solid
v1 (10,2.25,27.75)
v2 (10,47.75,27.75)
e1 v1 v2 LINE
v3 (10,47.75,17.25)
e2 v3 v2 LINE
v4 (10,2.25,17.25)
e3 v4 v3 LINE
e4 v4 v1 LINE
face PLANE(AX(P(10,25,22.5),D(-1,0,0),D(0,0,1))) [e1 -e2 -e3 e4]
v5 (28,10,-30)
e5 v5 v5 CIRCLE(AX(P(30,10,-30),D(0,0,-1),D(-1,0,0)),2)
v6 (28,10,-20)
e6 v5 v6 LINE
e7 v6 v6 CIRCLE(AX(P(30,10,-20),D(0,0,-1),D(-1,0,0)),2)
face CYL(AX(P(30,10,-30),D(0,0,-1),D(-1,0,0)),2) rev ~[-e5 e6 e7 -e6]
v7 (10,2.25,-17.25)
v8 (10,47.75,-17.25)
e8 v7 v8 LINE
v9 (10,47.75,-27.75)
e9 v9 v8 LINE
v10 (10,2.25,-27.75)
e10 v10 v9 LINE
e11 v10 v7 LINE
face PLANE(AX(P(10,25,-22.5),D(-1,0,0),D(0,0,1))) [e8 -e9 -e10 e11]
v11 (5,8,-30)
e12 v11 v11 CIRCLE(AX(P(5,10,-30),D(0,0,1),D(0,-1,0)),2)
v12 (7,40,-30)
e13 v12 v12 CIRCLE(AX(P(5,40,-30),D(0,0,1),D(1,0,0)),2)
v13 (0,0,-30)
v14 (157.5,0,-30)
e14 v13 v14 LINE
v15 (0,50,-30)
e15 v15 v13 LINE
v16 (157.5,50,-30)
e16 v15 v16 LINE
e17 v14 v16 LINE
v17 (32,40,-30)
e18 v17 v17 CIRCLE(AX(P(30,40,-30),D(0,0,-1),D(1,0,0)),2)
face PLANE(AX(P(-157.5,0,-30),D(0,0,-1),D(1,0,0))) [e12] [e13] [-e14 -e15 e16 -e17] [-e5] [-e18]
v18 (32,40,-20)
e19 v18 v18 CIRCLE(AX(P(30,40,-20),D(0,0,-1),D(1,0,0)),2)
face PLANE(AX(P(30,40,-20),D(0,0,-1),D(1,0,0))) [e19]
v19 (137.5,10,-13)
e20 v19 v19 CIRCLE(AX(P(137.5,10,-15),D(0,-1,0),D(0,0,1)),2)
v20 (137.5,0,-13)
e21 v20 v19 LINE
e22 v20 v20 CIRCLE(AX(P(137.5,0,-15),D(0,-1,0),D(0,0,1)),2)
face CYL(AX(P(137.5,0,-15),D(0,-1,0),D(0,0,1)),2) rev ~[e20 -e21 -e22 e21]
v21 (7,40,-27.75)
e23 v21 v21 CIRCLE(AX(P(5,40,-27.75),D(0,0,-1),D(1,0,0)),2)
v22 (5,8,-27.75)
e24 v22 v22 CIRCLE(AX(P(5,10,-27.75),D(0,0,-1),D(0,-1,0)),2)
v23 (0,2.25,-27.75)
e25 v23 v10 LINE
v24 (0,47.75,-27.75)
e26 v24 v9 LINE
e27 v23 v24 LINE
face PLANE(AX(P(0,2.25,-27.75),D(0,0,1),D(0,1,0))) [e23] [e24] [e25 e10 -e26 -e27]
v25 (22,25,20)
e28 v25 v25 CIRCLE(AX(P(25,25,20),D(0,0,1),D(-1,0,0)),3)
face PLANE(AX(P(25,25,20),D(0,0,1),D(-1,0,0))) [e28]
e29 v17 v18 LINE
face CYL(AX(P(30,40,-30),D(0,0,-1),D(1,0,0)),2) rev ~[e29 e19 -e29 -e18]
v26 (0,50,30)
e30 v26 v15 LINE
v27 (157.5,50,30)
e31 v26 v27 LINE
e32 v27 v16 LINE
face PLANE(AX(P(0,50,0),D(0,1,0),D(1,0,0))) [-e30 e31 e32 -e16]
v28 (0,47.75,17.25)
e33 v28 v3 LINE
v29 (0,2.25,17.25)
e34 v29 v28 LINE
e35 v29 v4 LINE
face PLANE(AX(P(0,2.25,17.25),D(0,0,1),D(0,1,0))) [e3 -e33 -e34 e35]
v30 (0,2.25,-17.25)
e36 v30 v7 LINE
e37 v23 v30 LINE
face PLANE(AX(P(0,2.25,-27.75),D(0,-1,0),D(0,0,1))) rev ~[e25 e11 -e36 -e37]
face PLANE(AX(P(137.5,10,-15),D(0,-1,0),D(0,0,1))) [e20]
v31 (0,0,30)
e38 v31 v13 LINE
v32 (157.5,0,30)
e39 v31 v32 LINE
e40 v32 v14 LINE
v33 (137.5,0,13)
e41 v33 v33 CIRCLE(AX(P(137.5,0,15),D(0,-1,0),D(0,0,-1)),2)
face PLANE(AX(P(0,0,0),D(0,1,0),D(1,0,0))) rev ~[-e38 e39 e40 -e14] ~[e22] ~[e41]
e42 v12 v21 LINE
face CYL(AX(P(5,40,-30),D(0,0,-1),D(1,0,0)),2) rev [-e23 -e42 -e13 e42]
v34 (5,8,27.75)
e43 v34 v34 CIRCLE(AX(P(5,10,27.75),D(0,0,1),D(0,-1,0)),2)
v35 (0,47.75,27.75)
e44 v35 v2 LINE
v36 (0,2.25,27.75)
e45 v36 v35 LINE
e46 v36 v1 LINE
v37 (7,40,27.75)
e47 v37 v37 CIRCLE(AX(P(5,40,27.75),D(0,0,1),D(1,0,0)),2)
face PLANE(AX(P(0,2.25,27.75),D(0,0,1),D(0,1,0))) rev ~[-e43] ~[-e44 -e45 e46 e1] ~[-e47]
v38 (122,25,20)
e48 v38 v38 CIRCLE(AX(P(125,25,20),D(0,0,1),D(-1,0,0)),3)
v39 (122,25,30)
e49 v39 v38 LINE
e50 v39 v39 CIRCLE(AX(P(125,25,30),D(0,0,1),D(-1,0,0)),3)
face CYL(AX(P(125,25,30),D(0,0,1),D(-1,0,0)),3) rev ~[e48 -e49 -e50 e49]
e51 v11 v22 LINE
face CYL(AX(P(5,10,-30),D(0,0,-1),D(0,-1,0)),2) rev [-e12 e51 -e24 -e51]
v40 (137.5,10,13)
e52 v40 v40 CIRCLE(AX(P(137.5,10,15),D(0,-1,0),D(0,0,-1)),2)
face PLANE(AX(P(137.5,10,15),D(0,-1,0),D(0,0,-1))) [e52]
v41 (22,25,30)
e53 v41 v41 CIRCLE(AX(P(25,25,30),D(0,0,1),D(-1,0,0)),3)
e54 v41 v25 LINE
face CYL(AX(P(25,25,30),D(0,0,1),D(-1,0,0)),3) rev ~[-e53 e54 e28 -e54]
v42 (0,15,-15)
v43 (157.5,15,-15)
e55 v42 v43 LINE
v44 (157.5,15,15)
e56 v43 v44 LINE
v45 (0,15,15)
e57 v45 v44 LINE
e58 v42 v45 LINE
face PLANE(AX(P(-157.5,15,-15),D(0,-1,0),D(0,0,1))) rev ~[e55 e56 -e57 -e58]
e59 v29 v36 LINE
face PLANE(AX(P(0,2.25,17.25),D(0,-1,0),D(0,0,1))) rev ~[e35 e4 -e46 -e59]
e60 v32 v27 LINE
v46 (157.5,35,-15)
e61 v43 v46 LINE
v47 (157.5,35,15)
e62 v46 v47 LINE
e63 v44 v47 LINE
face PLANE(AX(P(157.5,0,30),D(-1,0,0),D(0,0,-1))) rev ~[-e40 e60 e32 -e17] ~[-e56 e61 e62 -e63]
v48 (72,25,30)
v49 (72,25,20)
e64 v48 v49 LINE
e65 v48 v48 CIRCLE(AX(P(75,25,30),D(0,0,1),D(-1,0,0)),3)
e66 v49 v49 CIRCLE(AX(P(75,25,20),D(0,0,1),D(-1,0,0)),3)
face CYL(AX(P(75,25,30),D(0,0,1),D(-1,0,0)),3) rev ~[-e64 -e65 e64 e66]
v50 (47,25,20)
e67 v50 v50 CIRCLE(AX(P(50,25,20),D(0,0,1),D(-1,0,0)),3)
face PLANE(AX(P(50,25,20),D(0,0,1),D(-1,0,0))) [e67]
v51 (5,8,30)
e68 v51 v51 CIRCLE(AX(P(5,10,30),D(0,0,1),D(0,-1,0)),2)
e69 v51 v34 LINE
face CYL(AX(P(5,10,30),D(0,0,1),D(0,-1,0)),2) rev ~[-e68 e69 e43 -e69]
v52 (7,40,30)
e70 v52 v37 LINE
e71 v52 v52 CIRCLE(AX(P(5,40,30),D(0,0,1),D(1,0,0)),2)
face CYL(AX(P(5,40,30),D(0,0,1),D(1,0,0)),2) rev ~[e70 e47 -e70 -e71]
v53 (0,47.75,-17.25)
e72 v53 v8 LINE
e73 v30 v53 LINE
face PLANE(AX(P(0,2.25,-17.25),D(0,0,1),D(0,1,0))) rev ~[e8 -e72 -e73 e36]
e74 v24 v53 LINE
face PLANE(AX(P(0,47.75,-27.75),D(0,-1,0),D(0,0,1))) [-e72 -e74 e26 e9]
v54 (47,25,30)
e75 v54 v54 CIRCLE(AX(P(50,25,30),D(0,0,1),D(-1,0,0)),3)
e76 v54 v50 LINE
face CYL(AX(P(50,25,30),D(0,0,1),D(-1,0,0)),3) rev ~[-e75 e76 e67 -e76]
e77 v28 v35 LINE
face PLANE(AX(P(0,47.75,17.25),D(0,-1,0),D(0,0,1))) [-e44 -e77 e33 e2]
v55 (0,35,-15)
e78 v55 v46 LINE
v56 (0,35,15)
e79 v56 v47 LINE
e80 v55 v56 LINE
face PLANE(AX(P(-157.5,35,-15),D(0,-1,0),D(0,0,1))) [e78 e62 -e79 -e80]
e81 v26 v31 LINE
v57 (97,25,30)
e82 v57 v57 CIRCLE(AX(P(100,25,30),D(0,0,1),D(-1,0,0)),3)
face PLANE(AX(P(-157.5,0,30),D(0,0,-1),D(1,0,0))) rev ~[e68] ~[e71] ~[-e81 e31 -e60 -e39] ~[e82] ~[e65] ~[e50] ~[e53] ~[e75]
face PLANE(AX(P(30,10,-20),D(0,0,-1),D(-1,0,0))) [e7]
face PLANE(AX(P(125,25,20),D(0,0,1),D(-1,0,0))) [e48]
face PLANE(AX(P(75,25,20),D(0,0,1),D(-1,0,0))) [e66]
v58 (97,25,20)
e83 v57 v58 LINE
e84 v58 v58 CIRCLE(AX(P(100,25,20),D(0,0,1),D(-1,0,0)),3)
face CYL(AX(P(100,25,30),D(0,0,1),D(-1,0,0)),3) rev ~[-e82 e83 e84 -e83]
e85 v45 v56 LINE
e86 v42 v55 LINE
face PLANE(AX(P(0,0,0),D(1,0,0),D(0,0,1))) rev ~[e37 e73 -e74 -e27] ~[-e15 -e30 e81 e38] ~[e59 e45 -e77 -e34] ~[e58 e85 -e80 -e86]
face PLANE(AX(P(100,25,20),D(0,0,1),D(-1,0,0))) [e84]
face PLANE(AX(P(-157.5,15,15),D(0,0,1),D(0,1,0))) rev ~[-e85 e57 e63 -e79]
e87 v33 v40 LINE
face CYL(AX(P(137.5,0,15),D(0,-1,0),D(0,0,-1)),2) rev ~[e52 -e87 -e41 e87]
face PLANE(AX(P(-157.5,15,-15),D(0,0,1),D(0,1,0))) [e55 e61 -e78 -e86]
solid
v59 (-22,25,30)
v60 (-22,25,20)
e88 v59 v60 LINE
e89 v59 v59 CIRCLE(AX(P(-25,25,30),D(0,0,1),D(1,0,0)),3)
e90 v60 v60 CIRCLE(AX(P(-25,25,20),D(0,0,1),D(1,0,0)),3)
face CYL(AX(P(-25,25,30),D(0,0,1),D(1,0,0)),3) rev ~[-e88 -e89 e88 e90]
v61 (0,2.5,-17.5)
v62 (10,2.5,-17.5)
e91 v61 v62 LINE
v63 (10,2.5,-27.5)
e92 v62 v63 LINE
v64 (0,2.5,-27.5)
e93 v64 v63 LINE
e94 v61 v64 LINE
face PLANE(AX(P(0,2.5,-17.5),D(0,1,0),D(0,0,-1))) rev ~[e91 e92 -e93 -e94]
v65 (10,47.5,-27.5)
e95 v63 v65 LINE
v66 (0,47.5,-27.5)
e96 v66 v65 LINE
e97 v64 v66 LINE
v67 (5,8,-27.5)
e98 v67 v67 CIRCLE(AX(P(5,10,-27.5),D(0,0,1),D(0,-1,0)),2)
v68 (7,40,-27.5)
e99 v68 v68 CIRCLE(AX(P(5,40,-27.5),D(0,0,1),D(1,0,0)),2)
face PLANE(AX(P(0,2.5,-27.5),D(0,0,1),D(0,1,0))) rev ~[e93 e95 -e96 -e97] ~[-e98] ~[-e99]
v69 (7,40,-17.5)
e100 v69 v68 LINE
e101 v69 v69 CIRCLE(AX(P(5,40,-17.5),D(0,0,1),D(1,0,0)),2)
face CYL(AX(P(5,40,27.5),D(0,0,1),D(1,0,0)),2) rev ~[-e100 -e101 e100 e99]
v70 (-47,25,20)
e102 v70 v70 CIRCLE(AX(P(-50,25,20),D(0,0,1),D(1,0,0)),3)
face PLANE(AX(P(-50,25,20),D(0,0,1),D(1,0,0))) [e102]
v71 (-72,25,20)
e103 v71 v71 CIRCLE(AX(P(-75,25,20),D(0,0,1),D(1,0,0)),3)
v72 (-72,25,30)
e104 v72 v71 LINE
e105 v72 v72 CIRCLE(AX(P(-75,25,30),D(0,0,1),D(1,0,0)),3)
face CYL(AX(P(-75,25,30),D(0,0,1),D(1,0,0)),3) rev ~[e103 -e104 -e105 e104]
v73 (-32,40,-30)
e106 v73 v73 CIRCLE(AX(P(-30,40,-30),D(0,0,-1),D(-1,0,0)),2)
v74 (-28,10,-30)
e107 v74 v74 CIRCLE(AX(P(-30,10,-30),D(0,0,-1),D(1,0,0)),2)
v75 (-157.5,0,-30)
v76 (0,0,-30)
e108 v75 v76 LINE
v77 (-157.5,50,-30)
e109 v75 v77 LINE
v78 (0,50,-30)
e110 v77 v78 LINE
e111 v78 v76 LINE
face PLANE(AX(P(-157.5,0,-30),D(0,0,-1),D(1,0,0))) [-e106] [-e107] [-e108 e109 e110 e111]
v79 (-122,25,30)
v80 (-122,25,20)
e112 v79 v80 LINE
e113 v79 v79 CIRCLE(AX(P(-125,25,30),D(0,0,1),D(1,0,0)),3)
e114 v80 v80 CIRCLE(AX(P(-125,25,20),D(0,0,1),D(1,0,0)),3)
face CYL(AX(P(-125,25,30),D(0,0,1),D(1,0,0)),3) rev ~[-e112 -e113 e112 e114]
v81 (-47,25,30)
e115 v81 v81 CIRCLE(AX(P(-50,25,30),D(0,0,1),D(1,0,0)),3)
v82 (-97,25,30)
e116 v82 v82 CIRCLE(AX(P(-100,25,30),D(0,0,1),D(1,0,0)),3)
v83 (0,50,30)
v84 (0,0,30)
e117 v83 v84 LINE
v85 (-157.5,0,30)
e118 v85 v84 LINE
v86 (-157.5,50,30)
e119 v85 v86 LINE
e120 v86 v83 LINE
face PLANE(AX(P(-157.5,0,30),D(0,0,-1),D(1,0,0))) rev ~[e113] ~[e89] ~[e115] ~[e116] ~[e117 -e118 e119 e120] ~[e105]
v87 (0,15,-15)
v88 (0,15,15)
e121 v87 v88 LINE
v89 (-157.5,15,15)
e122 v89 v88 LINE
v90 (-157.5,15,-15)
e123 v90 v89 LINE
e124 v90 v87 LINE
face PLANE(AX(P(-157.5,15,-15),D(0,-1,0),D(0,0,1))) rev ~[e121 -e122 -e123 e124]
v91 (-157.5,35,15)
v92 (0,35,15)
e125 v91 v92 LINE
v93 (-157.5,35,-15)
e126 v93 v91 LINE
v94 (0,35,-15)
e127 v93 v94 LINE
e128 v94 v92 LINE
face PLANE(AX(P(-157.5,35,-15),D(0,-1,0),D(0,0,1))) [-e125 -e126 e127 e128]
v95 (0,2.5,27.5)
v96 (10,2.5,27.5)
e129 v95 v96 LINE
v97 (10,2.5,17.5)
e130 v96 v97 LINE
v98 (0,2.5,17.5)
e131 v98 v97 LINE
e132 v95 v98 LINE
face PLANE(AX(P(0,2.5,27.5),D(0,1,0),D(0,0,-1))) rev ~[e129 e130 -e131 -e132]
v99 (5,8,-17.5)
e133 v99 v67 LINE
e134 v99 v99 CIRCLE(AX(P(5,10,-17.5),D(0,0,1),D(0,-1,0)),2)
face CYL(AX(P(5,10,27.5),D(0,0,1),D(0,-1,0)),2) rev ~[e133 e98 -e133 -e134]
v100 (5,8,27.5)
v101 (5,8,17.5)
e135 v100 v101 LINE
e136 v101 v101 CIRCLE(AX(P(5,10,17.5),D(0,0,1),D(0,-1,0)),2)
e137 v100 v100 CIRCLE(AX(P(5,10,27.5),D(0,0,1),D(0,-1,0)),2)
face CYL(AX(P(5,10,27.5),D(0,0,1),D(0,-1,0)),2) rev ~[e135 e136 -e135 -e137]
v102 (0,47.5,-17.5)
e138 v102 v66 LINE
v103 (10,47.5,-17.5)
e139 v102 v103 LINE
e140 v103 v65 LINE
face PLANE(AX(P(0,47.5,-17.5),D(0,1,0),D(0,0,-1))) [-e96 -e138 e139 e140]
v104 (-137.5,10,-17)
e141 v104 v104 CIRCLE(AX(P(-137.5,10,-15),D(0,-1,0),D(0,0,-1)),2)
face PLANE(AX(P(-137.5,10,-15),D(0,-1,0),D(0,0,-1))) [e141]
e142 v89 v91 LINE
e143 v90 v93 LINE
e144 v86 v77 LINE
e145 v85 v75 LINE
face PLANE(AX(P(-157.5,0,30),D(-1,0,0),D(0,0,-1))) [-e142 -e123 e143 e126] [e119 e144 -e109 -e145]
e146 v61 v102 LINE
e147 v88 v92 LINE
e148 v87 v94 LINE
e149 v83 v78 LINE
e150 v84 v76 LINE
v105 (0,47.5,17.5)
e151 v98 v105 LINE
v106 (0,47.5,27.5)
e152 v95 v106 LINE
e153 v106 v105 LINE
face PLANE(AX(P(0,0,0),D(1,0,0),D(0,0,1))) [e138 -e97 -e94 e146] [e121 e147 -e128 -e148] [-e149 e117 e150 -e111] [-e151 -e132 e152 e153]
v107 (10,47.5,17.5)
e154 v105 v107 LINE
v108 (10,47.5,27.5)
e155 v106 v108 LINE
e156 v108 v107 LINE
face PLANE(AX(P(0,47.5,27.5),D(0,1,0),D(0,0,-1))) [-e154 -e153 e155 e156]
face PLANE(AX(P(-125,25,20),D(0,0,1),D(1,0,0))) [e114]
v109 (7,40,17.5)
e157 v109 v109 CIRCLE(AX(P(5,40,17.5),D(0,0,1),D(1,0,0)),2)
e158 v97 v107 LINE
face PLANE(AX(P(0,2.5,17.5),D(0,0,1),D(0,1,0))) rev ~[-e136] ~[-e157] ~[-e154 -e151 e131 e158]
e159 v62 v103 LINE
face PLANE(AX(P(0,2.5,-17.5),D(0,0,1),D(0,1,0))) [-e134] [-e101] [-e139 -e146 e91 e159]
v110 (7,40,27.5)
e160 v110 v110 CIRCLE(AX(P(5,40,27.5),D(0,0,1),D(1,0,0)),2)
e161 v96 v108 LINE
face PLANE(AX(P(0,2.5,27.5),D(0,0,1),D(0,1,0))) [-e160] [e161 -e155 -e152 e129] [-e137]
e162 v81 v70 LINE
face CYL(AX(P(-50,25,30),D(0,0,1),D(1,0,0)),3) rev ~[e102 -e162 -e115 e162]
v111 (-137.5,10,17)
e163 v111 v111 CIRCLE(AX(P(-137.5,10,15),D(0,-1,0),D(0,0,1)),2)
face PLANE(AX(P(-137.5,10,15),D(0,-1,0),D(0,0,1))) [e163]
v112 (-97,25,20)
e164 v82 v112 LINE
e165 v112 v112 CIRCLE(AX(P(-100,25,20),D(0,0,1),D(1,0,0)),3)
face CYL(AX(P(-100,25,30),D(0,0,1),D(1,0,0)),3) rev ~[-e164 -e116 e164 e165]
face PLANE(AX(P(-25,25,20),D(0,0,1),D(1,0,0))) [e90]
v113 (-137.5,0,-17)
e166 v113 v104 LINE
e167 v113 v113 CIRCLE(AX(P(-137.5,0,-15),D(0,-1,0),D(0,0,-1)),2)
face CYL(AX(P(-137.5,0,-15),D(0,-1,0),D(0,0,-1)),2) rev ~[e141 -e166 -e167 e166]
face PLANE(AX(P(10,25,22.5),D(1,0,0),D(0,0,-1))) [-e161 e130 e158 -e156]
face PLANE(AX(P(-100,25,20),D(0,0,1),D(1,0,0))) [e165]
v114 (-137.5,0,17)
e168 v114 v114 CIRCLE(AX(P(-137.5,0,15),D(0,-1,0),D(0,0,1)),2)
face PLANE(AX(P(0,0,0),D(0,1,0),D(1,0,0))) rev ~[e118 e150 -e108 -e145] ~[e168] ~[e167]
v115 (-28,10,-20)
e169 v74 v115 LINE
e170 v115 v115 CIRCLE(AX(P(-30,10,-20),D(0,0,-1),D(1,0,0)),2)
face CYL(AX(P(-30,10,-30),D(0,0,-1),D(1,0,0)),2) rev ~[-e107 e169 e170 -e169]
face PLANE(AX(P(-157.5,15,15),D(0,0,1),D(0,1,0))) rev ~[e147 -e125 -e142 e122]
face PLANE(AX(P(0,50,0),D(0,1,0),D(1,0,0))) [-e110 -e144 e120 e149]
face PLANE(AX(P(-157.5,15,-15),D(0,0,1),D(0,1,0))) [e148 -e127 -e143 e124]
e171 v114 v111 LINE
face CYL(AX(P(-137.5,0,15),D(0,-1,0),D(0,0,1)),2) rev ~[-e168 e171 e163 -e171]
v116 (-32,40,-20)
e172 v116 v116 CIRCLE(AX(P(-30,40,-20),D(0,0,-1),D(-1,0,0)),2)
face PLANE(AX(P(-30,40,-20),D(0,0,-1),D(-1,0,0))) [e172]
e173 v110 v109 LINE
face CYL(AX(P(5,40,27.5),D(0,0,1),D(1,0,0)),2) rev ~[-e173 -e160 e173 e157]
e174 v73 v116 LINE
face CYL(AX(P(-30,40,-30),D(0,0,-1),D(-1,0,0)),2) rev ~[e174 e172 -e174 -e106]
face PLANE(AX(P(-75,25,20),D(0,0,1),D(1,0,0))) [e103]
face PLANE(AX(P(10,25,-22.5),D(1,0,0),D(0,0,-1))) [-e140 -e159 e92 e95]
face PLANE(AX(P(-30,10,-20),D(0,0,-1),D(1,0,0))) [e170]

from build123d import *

# Parameters (mm, degrees)
SKETCH1_W           = 315
SKETCH1_H           = 60
BOSS_EXTRUDE1_DEPTH = 50
SKETCH2_W           = 30
SKETCH2_H           = 20
CUT_EXTRUDE1_DEPTH  = 321.351369593
SKETCH3_R           = 3
CUT_EXTRUDE2_DEPTH  = 10
SKETCH4_W           = 10.5
SKETCH4_H           = 45.5
CUT_EXTRUDE3_DEPTH  = 10
SKETCH5_R           = 2
CUT_EXTRUDE4_DEPTH  = 10
SKETCH6_W           = 10
SKETCH6_H           = 45
BOSS_EXTRUDE2_DEPTH = 10
SKETCH8_R           = 2
CUT_EXTRUDE6_DEPTH  = 175.964282069
SKETCH9_R           = 2
CUT_EXTRUDE7_DEPTH  = 10
SKETCH10_R          = 2
CUT_EXTRUDE8_DEPTH  = 10


with BuildPart() as part:
    # Sketch1 → Boss-Extrude1 (new body)
    with BuildSketch(Plane(origin=(0, 0, 0), x_dir=(1, 0, 0), z_dir=(0, 1, 0))):
        Rectangle(SKETCH1_W, SKETCH1_H)
    extrude(amount=BOSS_EXTRUDE1_DEPTH)

    # Sketch2 → Cut-Extrude1 (cut, through all)
    with BuildSketch(Plane.ZY.offset(157.5)):
        with Locations((0, 25)):
            Rectangle(SKETCH2_W, SKETCH2_H)
    extrude(amount=-CUT_EXTRUDE1_DEPTH, mode=Mode.SUBTRACT)

    # Sketch3 → Cut-Extrude2 (cut)
    with BuildSketch(Plane.XY.offset(30)):
        with Locations((-25, 25)):
            Circle(SKETCH3_R)
        with Locations((-50, 25)):
            Circle(SKETCH3_R)
        with Locations((-75, 25)):
            Circle(SKETCH3_R)
        with Locations((-100, 25)):
            Circle(SKETCH3_R)
        with Locations((-125, 25)):
            Circle(SKETCH3_R)
        with Locations(Location((125, 25, 0), (0, 0, 180))):
            Circle(SKETCH3_R)
        with Locations(Location((100, 25, 0), (0, 0, 180))):
            Circle(SKETCH3_R)
        with Locations(Location((75, 25, 0), (0, 0, 180))):
            Circle(SKETCH3_R)
        with Locations(Location((50, 25, 0), (0, 0, 180))):
            Circle(SKETCH3_R)
        with Locations(Location((25, 25, 0), (0, 0, 180))):
            Circle(SKETCH3_R)
    extrude(amount=-CUT_EXTRUDE2_DEPTH, mode=Mode.SUBTRACT)


with BuildPart() as body_2:
    # Split1: the piece on the far side of the plane
    add(part.part)
    split(bisect_by=Plane(origin=(0, 0, 0), x_dir=(0, 0, 1), z_dir=(1, 0, 0)), keep=Keep.BOTTOM)

    # Sketch6 → Boss-Extrude2 (add)
    with BuildSketch(Plane(origin=(0, 0, 0), x_dir=(0, 0, -1), z_dir=(1, 0, 0))):
        with Locations((-22.5, 25)):
            Rectangle(SKETCH6_W, SKETCH6_H)
        with Locations((22.5, 25)):
            Rectangle(SKETCH6_W, SKETCH6_H)
    extrude(amount=BOSS_EXTRUDE2_DEPTH)

    # Sketch8 → Cut-Extrude6 (cut, through all)
    with BuildSketch(Plane.XY.offset(27.5)):
        with Locations((5, 40)):
            Circle(SKETCH8_R)
        with Locations(Location((5, 10, 0), (0, 0, 270))):
            Circle(SKETCH8_R)
    extrude(amount=-CUT_EXTRUDE6_DEPTH, mode=Mode.SUBTRACT)


with BuildPart() as part_1:
    add(part.part)

    # Split1
    split(bisect_by=Plane(origin=(0, 0, 0), x_dir=(0, 0, 1), z_dir=(1, 0, 0)), keep=Keep.TOP)

    # Sketch4 → Cut-Extrude3 (cut)
    with BuildSketch(Plane.ZY):
        with Locations((22.5, 25)):
            Rectangle(SKETCH4_W, SKETCH4_H)
        with Locations((-22.5, 25)):
            Rectangle(SKETCH4_W, SKETCH4_H)
    extrude(amount=-CUT_EXTRUDE3_DEPTH, mode=Mode.SUBTRACT)

    # Sketch5 → Cut-Extrude4 (cut)
    with BuildSketch(Plane.XY.offset(30)):
        with Locations((5, 40)):
            Circle(SKETCH5_R)
        with Locations(Location((5, 10, 0), (0, 0, 270))):
            Circle(SKETCH5_R)
    cut_extrude4 = extrude(amount=-CUT_EXTRUDE4_DEPTH, mode=Mode.SUBTRACT)

    # Mirror1: Cut-Extrude4 across plane
    add(cut_extrude4.mirror(Plane.XY), mode=Mode.SUBTRACT)


with BuildPart() as cut_extrude7_tool:
    # Sketch9 → Cut-Extrude7 (new body)
    with BuildSketch(Plane.XZ):
        with Locations(Location((137.5, 15, 0), (0, 0, 270))):
            Circle(SKETCH9_R)
        with Locations(Location((137.5, -15, 0), (0, 0, 90))):
            Circle(SKETCH9_R)
        with Locations(Location((-137.5, -15, 0), (0, 0, 270))):
            Circle(SKETCH9_R)
        with Locations(Location((-137.5, 15, 0), (0, 0, 90))):
            Circle(SKETCH9_R)
    extrude(amount=-CUT_EXTRUDE7_DEPTH)


with BuildPart() as part_2:
    add(part_1.part)

    # Cut-Extrude7: cut by cut_extrude7_tool
    add(cut_extrude7_tool.part, mode=Mode.SUBTRACT)


with BuildPart() as body_2_1:
    add(body_2.part)

    # Cut-Extrude7: cut by cut_extrude7_tool
    add(cut_extrude7_tool.part, mode=Mode.SUBTRACT)


with BuildPart() as cut_extrude8_tool:
    # Sketch10 → Cut-Extrude8 (new body)
    with BuildSketch(Plane(origin=(0, 0, -30), x_dir=(-1, 0, 0), z_dir=(0, 0, -1))):
        with Locations((30, 40)):
            Circle(SKETCH10_R)
        with Locations(Location((30, 10, 0), (0, 0, 180))):
            Circle(SKETCH10_R)
        with Locations((-30, 10)):
            Circle(SKETCH10_R)
        with Locations(Location((-30, 40, 0), (0, 0, 180))):
            Circle(SKETCH10_R)
    extrude(amount=-CUT_EXTRUDE8_DEPTH)


with BuildPart() as part_3:
    add(part_2.part)

    # Cut-Extrude8: cut by cut_extrude8_tool
    add(cut_extrude8_tool.part, mode=Mode.SUBTRACT)


with BuildPart() as body_2_2:
    add(body_2_1.part)

    # Cut-Extrude8: cut by cut_extrude8_tool
    add(cut_extrude8_tool.part, mode=Mode.SUBTRACT)


solid = Compound([part_3.part, body_2_2.part])
